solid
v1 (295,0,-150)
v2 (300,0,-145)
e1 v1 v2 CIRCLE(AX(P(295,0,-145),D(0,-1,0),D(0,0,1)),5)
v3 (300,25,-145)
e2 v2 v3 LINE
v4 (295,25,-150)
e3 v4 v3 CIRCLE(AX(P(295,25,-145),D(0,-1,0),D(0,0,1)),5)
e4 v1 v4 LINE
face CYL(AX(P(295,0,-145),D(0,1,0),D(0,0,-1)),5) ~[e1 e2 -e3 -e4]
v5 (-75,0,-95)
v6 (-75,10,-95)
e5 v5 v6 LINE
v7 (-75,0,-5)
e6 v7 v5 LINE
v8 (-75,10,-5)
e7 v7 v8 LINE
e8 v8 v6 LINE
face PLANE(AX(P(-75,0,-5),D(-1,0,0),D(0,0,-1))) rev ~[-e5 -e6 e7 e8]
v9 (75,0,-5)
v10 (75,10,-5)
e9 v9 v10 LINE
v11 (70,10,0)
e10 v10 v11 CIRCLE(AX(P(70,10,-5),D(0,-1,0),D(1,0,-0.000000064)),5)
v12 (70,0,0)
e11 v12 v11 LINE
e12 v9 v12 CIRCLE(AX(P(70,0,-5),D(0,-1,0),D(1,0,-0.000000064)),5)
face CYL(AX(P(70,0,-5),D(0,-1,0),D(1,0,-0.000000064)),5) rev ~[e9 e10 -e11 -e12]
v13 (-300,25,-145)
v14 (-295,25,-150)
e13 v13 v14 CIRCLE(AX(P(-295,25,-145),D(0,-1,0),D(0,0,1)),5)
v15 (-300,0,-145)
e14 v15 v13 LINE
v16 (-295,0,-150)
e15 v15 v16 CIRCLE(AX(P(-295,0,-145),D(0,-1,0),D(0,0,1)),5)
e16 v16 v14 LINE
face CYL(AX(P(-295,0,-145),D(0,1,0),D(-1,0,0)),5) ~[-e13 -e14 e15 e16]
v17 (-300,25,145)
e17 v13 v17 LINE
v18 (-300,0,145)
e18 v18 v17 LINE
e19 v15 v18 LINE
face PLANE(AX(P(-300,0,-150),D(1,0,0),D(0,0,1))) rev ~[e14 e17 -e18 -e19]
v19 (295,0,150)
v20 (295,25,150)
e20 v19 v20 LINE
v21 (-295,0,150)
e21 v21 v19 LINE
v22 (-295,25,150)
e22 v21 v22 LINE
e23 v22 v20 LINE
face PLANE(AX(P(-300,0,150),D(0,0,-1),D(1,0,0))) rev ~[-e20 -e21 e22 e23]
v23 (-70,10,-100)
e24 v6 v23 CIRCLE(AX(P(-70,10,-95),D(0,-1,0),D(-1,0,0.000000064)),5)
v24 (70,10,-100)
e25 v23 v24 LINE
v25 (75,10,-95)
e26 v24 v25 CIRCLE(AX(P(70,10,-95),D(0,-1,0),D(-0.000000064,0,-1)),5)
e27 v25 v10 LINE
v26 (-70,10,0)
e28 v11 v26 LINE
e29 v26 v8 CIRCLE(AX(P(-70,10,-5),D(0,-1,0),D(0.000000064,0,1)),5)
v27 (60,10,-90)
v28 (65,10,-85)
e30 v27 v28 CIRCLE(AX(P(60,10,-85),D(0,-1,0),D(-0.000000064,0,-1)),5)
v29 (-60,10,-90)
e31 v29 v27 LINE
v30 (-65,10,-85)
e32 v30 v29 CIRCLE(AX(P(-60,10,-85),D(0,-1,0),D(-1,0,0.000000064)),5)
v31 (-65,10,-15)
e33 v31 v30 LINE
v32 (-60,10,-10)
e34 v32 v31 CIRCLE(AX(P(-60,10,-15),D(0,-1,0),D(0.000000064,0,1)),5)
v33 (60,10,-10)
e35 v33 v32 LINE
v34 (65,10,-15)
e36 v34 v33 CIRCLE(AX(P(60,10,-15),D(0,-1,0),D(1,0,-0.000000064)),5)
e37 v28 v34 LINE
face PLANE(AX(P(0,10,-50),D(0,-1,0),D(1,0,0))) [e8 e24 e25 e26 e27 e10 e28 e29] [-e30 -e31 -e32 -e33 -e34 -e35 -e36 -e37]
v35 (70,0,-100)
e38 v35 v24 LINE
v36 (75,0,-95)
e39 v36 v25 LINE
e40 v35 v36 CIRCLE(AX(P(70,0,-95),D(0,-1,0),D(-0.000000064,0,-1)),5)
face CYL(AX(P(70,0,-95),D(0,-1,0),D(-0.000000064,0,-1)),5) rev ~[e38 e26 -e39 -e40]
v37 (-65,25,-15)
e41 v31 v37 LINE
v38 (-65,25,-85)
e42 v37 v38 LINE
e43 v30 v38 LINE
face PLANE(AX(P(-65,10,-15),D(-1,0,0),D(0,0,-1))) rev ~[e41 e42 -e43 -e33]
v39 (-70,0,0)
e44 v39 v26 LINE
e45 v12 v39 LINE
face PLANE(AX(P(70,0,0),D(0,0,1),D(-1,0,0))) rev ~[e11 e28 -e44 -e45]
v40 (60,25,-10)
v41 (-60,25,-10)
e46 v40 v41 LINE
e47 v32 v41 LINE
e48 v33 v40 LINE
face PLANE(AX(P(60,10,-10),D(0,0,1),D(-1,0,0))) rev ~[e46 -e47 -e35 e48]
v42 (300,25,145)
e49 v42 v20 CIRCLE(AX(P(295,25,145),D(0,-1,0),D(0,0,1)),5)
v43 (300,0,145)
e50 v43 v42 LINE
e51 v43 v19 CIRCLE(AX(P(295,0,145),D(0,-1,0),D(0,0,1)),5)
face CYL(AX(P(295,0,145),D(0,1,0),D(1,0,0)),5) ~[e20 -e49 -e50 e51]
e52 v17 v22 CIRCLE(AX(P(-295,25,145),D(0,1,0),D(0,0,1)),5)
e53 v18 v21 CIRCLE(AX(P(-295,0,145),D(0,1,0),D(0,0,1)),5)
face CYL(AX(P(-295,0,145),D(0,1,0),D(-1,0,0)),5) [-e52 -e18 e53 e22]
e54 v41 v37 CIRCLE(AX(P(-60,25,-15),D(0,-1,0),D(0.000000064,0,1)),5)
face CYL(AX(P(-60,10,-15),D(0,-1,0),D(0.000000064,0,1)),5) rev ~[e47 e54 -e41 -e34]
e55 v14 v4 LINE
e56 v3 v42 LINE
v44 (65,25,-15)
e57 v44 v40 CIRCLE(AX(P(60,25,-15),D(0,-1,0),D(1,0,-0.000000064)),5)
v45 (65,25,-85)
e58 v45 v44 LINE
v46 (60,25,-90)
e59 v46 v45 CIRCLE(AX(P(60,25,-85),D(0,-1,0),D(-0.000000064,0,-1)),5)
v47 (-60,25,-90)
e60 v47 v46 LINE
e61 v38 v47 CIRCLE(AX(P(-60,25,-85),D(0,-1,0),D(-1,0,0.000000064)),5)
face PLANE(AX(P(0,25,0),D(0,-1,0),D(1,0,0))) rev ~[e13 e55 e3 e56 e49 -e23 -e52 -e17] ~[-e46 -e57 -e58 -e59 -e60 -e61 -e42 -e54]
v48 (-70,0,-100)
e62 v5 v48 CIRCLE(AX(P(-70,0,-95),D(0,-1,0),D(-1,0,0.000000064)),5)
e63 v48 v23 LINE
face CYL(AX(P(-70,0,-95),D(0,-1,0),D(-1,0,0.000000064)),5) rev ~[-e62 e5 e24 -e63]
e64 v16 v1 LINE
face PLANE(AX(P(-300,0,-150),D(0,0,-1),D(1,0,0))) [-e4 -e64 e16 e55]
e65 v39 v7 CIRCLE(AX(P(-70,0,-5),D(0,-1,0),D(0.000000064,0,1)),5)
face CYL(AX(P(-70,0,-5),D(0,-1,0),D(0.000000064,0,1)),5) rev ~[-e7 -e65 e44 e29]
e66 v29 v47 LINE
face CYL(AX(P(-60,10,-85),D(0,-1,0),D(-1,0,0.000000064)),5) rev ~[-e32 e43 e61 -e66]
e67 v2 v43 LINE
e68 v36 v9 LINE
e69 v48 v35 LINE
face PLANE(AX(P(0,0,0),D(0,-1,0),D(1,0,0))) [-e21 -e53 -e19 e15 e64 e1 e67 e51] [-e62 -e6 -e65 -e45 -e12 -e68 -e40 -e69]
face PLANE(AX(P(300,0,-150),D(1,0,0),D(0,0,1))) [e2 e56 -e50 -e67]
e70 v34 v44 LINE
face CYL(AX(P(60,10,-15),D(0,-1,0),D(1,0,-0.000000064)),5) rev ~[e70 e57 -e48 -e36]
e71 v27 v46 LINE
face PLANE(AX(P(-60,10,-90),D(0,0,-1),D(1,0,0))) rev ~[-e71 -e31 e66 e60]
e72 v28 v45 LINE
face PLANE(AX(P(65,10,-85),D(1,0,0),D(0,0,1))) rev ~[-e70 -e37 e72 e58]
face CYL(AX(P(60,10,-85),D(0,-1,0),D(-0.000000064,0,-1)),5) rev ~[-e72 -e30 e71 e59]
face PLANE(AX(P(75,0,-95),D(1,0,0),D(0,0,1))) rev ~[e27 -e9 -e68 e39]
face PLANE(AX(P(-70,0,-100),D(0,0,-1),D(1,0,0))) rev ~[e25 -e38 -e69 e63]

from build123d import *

# Parameters (mm, degrees)
F0_W     = 600
F0_H     = 300
F1_DEPTH = 25
F2_R     = 5
F4_DEPTH = 10
F6_DEPTH = 25


with BuildPart() as f1:
    # F0 (on Front) → F1 (new body)
    with BuildSketch(Plane.XZ):
        Rectangle(F0_W, F0_H)
    extrude(amount=-F1_DEPTH)

    # F2
    f2_edges = [f1.edges().sort_by_distance(p)[0] for p in [
        (300, 12.5, -150),
        (-300, 12.5, -150),
        (300, 12.5, 150),
        (-300, 12.5, 150),
    ]]
    fillet(f2_edges, radius=F2_R)

    # F3 (on face) → F4 (cut)
    with BuildSketch(Plane.XZ):
        with BuildLine():
            Line((-70, -100), (70, -100))
            ThreePointArc((70, -100), (73.535534, -98.535534), (75, -95))
            Line((75, -95), (75, -5))
            ThreePointArc((75, -5), (73.535534, -1.464466), (70, 0))
            Line((70, 0), (-70, 0))
            ThreePointArc((-70, 0), (-73.535534, -1.464466), (-75, -5))
            Line((-75, -5), (-75, -95))
            ThreePointArc((-75, -95), (-73.535534, -98.535534), (-70, -100))
        make_face()
    extrude(amount=-F4_DEPTH, mode=Mode.SUBTRACT)

    # F5 (on face) → F6 (cut)
    with BuildSketch(Plane.XZ.offset(-10)):
        with BuildLine():
            Line((60, -10), (-60, -10))
            ThreePointArc((-60, -10), (-63.535534, -11.464466), (-65, -15))
            Line((-65, -15), (-65, -85))
            ThreePointArc((-65, -85), (-63.535534, -88.535534), (-60, -90))
            Line((-60, -90), (60, -90))
            ThreePointArc((60, -90), (63.535534, -88.535534), (65, -85))
            Line((65, -85), (65, -15))
            ThreePointArc((65, -15), (63.535534, -11.464466), (60, -10))
        make_face()
    extrude(amount=-F6_DEPTH, mode=Mode.SUBTRACT)


solid = f1.part
